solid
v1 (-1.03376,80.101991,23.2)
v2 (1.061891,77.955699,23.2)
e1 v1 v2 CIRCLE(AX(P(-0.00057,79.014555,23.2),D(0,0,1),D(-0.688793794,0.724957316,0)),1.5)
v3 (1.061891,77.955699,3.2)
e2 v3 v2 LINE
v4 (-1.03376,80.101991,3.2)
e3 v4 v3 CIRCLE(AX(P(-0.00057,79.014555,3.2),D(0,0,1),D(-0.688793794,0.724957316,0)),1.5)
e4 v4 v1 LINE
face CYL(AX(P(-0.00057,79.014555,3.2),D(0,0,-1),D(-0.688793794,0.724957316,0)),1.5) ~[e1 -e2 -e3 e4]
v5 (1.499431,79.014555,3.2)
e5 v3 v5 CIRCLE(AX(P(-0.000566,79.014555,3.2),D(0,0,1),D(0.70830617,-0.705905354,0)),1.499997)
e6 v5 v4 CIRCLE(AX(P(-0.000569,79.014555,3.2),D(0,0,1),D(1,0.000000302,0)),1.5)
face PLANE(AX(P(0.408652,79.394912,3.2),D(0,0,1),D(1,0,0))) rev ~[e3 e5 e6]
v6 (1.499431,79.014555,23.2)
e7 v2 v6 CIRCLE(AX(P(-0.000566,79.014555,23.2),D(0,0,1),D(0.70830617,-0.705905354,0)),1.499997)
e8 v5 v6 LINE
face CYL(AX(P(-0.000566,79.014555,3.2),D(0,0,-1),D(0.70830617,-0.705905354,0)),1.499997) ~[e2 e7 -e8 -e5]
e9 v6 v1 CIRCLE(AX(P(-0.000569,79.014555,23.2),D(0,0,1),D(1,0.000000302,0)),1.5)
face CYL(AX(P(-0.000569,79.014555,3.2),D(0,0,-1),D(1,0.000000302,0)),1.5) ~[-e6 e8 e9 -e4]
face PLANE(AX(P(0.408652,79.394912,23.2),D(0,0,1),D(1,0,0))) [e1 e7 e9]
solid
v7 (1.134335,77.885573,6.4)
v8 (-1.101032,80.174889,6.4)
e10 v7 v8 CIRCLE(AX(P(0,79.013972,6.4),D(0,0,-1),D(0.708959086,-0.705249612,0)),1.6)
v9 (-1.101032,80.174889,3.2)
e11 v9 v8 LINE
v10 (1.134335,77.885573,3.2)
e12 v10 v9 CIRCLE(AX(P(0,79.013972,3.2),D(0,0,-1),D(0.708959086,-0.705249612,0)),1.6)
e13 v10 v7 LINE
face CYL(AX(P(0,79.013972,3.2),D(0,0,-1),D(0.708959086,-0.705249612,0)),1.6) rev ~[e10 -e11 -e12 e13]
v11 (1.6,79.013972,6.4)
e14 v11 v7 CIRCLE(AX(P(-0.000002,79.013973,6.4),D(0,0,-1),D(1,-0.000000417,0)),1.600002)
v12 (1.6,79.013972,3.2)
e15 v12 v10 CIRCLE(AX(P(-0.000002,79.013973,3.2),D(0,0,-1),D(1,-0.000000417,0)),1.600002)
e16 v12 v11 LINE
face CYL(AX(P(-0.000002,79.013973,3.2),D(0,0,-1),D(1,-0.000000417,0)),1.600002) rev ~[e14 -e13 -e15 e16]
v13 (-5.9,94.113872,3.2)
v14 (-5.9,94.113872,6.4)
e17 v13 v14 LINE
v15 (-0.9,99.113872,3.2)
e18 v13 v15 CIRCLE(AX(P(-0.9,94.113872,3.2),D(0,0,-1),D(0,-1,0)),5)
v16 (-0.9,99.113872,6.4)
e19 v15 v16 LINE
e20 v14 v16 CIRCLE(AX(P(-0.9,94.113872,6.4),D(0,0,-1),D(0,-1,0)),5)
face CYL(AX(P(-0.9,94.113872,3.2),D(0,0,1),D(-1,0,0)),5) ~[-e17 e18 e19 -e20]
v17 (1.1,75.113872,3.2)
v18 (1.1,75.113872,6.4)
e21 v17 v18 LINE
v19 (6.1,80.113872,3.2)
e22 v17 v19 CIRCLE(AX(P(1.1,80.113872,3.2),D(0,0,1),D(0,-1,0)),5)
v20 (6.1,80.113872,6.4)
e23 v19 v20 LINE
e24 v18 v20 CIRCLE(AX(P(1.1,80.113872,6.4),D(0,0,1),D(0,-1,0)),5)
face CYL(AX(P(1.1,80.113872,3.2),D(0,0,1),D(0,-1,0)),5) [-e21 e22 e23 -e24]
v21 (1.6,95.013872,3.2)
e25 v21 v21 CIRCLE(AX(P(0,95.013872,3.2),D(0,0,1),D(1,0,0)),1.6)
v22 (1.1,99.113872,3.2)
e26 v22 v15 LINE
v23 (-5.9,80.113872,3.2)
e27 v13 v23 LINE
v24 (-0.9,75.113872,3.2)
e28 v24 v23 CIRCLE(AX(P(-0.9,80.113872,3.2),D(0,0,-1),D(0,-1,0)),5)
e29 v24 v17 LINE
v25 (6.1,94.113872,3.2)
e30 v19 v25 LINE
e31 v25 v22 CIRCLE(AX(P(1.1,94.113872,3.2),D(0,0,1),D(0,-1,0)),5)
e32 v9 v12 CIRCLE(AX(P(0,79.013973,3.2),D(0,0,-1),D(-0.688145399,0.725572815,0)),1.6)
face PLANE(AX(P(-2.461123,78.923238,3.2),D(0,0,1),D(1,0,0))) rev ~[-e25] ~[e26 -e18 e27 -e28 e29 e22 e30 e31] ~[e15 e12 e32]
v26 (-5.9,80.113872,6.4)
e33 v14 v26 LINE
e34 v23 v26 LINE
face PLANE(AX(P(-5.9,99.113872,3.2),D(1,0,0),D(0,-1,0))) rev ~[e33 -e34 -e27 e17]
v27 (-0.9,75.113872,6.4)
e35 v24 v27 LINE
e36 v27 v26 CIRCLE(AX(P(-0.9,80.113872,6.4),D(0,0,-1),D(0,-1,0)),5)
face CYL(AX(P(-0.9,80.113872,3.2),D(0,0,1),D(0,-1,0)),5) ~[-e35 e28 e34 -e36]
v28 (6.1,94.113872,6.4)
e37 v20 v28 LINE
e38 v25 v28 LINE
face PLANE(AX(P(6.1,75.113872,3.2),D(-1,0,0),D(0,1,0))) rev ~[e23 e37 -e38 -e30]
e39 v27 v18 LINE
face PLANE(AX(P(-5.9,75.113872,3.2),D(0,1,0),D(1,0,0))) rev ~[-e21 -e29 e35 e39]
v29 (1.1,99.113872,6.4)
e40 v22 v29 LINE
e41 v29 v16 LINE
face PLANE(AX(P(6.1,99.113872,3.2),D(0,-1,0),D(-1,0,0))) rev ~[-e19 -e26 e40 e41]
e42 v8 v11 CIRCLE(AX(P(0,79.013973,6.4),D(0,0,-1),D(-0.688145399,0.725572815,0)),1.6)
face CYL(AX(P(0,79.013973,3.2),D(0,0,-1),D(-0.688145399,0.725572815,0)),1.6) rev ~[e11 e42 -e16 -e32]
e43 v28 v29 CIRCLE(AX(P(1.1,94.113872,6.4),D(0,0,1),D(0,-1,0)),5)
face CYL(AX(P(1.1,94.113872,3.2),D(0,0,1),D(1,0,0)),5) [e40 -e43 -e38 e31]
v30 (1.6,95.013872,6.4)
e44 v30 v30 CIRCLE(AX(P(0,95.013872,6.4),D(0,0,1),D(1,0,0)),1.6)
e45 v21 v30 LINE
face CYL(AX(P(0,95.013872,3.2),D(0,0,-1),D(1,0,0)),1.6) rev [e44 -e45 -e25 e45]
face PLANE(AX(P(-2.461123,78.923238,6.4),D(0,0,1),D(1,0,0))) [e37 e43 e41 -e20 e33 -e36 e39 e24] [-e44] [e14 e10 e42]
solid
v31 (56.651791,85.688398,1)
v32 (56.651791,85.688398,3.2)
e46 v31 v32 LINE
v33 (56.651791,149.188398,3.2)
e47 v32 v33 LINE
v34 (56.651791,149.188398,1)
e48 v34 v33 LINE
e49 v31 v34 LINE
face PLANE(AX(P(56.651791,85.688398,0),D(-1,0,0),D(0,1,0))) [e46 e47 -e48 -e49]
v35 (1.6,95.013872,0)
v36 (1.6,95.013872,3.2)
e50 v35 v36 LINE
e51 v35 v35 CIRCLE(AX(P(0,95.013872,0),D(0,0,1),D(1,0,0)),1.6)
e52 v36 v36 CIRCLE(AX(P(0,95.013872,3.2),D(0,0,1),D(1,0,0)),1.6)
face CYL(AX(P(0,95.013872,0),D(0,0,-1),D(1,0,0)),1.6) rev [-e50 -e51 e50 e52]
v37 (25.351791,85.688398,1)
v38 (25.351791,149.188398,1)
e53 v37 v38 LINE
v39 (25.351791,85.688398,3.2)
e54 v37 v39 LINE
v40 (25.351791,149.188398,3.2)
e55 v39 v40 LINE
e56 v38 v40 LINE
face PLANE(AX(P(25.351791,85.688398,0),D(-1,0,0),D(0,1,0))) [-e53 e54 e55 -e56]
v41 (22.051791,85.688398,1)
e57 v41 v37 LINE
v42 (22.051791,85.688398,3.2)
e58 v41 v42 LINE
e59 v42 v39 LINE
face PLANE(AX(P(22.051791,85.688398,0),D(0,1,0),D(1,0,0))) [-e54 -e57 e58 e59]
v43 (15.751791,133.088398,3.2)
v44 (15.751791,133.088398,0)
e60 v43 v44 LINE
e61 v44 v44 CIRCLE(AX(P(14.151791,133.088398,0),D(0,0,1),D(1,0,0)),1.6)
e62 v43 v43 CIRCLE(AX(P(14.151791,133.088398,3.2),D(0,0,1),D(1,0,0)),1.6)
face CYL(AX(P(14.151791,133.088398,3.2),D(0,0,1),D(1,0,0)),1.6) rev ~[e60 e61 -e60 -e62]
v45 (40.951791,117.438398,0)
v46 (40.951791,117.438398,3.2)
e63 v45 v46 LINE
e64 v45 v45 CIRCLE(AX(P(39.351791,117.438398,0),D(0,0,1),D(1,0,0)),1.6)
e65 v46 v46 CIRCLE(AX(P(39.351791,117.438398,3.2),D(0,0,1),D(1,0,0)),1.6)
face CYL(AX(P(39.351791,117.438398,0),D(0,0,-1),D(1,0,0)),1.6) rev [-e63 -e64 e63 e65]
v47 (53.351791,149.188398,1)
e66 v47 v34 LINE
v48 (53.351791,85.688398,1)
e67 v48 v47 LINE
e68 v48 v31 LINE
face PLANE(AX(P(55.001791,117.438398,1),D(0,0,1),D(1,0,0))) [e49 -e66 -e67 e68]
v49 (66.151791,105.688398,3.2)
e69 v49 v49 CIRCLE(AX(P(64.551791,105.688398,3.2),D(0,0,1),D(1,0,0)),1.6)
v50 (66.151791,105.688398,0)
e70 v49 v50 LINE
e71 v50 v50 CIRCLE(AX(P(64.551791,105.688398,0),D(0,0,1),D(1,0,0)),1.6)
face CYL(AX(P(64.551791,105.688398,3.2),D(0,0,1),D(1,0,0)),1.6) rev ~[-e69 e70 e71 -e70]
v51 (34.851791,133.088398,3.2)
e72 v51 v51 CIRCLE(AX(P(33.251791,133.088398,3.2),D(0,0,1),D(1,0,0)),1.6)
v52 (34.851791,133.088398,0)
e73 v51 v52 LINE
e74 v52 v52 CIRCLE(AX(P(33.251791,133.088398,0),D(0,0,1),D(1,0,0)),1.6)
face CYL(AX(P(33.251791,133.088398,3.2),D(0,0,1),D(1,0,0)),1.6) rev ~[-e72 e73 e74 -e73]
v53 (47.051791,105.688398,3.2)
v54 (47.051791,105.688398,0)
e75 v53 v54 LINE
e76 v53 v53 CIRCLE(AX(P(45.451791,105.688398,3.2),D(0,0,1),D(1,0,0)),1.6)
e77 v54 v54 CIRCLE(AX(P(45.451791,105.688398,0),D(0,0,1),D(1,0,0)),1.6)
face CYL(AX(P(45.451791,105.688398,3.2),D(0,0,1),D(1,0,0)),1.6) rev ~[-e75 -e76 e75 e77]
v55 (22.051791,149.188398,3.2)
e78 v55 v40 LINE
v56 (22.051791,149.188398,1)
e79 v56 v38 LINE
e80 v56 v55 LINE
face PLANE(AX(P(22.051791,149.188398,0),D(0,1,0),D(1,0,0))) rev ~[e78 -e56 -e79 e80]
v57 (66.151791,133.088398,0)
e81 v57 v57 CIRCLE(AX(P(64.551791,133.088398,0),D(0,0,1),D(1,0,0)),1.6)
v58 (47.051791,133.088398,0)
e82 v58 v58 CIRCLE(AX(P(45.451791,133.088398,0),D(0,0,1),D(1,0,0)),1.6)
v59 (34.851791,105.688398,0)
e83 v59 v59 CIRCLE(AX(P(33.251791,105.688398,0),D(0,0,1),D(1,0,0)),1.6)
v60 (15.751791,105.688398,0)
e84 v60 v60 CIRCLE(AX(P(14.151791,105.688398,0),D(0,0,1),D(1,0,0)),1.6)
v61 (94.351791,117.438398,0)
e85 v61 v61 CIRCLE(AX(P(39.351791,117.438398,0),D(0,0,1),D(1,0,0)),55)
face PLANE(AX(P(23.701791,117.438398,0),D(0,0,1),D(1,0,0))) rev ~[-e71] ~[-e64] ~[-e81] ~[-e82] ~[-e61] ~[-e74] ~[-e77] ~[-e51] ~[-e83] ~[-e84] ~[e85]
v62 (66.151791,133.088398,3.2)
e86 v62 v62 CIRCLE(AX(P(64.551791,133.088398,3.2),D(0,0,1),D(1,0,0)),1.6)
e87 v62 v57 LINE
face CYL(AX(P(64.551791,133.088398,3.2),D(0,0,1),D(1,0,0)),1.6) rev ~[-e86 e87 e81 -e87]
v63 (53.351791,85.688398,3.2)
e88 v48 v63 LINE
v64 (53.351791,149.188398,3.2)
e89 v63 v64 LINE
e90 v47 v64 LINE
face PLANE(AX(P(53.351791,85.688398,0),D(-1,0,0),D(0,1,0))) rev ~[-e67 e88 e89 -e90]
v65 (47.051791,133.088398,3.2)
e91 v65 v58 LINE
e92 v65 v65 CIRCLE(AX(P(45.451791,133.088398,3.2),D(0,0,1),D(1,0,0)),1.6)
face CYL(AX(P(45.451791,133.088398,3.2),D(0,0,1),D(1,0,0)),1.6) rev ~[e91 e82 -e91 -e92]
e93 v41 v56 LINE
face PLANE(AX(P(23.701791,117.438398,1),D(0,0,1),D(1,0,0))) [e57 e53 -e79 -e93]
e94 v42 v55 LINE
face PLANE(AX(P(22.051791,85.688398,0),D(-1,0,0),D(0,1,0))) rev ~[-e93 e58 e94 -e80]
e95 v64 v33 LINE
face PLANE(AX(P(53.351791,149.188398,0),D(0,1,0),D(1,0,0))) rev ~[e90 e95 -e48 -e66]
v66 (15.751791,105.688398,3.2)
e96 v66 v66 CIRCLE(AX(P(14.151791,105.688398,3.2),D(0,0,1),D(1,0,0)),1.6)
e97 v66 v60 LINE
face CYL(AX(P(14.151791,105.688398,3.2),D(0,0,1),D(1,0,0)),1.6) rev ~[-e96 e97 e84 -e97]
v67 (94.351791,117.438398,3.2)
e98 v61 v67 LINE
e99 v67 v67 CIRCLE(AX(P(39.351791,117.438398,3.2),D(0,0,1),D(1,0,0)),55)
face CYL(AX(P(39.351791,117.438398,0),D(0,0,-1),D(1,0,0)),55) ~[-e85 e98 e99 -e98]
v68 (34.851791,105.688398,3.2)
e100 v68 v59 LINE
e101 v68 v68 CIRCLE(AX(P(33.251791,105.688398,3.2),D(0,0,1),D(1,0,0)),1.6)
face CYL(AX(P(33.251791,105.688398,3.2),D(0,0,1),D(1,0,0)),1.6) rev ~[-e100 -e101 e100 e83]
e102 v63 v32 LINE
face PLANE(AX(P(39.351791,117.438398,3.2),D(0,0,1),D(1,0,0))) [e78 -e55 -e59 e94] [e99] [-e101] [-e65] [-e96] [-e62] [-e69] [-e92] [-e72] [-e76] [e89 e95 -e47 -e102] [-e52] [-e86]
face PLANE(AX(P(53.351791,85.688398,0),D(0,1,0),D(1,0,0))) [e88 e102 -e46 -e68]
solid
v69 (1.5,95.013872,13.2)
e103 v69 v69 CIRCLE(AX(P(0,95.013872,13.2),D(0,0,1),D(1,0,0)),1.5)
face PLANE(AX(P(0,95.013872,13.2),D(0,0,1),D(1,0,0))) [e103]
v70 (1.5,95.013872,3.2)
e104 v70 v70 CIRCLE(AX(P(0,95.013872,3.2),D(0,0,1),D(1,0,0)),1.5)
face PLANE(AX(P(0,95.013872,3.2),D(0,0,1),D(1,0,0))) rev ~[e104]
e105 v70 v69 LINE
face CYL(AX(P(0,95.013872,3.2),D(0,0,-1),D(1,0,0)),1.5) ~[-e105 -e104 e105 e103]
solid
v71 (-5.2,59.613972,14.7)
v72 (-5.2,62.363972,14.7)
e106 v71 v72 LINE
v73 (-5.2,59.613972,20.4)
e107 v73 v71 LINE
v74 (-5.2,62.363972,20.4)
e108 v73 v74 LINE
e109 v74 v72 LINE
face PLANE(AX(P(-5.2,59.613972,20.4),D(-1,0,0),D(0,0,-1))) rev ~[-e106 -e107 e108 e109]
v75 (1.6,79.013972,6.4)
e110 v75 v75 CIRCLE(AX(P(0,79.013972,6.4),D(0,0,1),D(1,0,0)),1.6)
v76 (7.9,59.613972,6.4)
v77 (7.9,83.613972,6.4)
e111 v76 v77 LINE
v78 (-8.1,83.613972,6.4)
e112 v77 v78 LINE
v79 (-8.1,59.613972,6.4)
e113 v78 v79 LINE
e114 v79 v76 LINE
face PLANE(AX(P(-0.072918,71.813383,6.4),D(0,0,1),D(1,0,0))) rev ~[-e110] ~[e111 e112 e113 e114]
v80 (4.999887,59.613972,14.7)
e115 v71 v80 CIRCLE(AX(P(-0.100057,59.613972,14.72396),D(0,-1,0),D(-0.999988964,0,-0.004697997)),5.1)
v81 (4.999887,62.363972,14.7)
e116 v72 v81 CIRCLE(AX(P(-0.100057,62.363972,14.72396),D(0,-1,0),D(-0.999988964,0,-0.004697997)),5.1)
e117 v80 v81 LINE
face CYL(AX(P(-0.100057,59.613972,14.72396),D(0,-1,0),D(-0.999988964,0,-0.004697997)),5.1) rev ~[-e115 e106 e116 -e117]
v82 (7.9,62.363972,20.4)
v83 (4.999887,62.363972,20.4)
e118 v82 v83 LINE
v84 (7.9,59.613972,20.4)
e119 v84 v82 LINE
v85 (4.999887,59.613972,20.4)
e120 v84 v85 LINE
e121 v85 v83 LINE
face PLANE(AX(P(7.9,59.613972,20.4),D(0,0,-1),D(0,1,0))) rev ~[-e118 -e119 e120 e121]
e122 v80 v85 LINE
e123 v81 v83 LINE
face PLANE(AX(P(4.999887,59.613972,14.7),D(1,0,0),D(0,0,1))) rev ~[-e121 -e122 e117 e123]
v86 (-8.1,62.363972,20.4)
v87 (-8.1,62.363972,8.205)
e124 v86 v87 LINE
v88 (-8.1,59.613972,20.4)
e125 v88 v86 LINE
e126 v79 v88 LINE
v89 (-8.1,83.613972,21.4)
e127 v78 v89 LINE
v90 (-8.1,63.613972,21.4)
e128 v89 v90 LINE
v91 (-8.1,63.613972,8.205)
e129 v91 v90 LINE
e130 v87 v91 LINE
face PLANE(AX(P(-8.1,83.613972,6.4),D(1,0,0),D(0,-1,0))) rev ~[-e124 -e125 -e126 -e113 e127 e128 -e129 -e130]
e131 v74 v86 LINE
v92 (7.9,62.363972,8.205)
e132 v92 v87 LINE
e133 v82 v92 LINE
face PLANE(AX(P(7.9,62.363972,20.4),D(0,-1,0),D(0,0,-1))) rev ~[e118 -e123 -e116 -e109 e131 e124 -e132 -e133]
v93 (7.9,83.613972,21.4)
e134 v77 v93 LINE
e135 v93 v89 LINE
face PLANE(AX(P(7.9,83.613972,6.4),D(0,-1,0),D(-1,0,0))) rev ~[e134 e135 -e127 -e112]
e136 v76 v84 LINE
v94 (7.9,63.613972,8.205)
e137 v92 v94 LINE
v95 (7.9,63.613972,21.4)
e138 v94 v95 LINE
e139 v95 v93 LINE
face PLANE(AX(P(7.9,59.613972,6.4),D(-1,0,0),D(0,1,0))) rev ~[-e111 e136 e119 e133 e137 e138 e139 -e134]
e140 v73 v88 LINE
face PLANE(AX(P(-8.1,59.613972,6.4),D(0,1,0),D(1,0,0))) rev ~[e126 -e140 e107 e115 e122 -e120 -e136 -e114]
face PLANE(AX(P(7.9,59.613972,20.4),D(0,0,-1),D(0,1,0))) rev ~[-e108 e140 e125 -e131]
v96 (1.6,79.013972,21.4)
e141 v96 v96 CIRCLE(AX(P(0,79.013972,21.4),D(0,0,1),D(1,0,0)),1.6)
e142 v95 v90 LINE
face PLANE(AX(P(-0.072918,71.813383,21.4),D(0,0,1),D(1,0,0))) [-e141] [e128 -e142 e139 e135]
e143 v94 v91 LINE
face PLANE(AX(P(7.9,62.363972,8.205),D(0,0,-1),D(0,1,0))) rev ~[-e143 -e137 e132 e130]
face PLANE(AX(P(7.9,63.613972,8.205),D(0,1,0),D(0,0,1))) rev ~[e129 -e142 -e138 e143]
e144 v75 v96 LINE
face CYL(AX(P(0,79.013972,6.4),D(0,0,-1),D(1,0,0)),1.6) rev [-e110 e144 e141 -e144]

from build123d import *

# Parameters (mm, degrees)
F0_R      = 55
F0_R_2    = 1.6
F0_W      = 3.3
F0_H      = 63.5
F1_DEPTH  = 3.2
F2_DEPTH  = 1
F3_R      = 1.5
F4_DEPTH  = 10
F5_R      = 1.6
F6_DEPTH  = 3.2
F7_R      = 5
F9_DEPTH  = 20
F10_R     = 1.6
F11_DEPTH = 15
F13_DEPTH = 25
F14_R     = 1.6
F15_DEPTH = 8
F17_DEPTH = 2.75


with BuildPart() as f1:
    # F0 (on Top) → F1 (new body)
    with BuildSketch(Plane.XY):
        with Locations((39.351791, 117.438398)):
            Circle(F0_R)
        with Locations((0, 95.013872)):
            Circle(F0_R_2, mode=Mode.SUBTRACT)
        with Locations((23.701791, 117.438398)):
            Rectangle(F0_W, F0_H, mode=Mode.SUBTRACT)
        with Locations((39.351791, 117.438398)):
            Circle(F0_R_2, mode=Mode.SUBTRACT)
        with Locations((55.001791, 117.438398)):
            Rectangle(F0_W, F0_H, mode=Mode.SUBTRACT)
    extrude(amount=F1_DEPTH)

    # F0 (on Top) → F2 (join)
    with BuildSketch(Plane.XY):
        with Locations((23.701791, 117.438398)):
            Rectangle(F0_W, F0_H)
        with Locations((55.001791, 117.438398)):
            Rectangle(F0_W, F0_H)
    extrude(amount=F2_DEPTH)

    # F14 (on face) → F15 (cut)
    with BuildSketch(Plane.XY.offset(3.2)):
        with Locations((64.551791, 105.688398)):
            Circle(F14_R)
        with Locations((64.551791, 133.088398)):
            Circle(F14_R)
        with Locations((45.451791, 133.088398)):
            Circle(F14_R)
        with Locations((45.451791, 105.688398)):
            Circle(F14_R)
        with Locations((33.251791, 105.688398)):
            Circle(F14_R)
        with Locations((33.251791, 133.088398)):
            Circle(F14_R)
        with Locations((14.151791, 133.088398)):
            Circle(F14_R)
        with Locations((14.151791, 105.688398)):
            Circle(F14_R)
    extrude(amount=-F15_DEPTH, mode=Mode.SUBTRACT)


with BuildPart() as f4:
    # F3 (on face) → F4 (new body)
    with BuildSketch(Plane.XY.offset(3.2)):
        with Locations((0, 95.013872)):
            Circle(F3_R)
    extrude(amount=F4_DEPTH)


with BuildPart() as f6:
    # F5 (on face) → F6 (new body)
    with BuildSketch(Plane.XY.offset(3.2)):
        with BuildLine():
            ThreePointArc((-1.101032, 80.174889), (-3.605473, 83.092024), (-5.9, 86.176994))
            Line((-5.9, 86.176994), (-5.9, 75.113872))
            Line((-5.9, 75.113872), (4.228658, 75.113872))
            ThreePointArc((4.228658, 75.113872), (2.655319, 76.470497), (1.134335, 77.885573))
            ThreePointArc((1.134335, 77.885573), (-1.144779, 77.896171), (-1.101032, 80.174889))
        make_face()
        with BuildLine():
            Line((6.1, 99.113872), (-5.9, 99.113872))
            Line((-5.9, 99.113872), (-5.9, 86.176994))
            ThreePointArc((-5.9, 86.176994), (-3.605473, 83.092024), (-1.101032, 80.174889))
            ThreePointArc((-1.101032, 80.174889), (0.631803, 80.483947), (1.6, 79.013972))
            ThreePointArc((1.6, 79.013972), (1.479009, 78.403618), (1.134335, 77.885573))
            ThreePointArc((1.134335, 77.885573), (2.655319, 76.470497), (4.228658, 75.113872))
            Line((4.228658, 75.113872), (6.1, 75.113872))
            Line((6.1, 75.113872), (6.1, 99.113872))
        make_face()
        with Locations((0, 95.013872)):
            Circle(F5_R, mode=Mode.SUBTRACT)
    extrude(amount=F6_DEPTH)

    # F7
    f7_edges = [f6.edges().sort_by_distance(p)[0] for p in [
        (-5.9, 99.113872, 4.8),
        (6.1, 99.113872, 4.8),
        (6.1, 75.113872, 4.8),
        (-5.9, 75.113872, 4.8),
    ]]
    fillet(f7_edges, radius=F7_R)


with BuildPart() as f9:
    # F8 (on face) → F9 (new body)
    with BuildSketch(Plane.XY.offset(3.2)):
        with BuildLine():
            ThreePointArc((1.061891, 77.955699), (1.385737, 78.441707), (1.499431, 79.014555))
            ThreePointArc((1.499431, 79.014555), (0.591129, 80.392921), (-1.03376, 80.101991))
            ThreePointArc((-1.03376, 80.101991), (-0.000569, 79.014555), (1.061891, 77.955699))
        make_face()
        with BuildLine():
            ThreePointArc((1.061891, 77.955699), (-0.000569, 79.014555), (-1.03376, 80.101991))
            ThreePointArc((-1.03376, 80.101991), (-1.073815, 77.966632), (1.061891, 77.955699))
        make_face()
    extrude(amount=F9_DEPTH)


with BuildPart() as f11:
    # F10 (on face) → F11 (new body)
    with BuildSketch(Plane.XY.offset(6.4)):
        with BuildLine():
            Line((-5.9, 83.613972), (-8.1, 83.613972))
            Line((-8.1, 83.613972), (-8.1, 59.613972))
            Line((-8.1, 59.613972), (7.9, 59.613972))
            Line((7.9, 59.613972), (7.9, 83.613972))
            Line((7.9, 83.613972), (6.1, 83.613972))
            Line((6.1, 83.613972), (6.1, 80.113872))
            ThreePointArc((6.1, 80.113872), (4.635534, 76.578338), (1.1, 75.113872))
            Line((1.1, 75.113872), (-0.9, 75.113872))
            ThreePointArc((-0.9, 75.113872), (-4.435534, 76.578338), (-5.9, 80.113872))
            Line((-5.9, 80.113872), (-5.9, 83.613972))
        make_face()
        with BuildLine():
            Line((6.1, 83.613972), (-5.9, 83.613972))
            Line((-5.9, 83.613972), (-5.9, 80.113872))
            ThreePointArc((-5.9, 80.113872), (-4.435534, 76.578338), (-0.9, 75.113872))
            Line((-0.9, 75.113872), (1.1, 75.113872))
            ThreePointArc((1.1, 75.113872), (4.635534, 76.578338), (6.1, 80.113872))
            Line((6.1, 80.113872), (6.1, 83.613972))
        make_face()
        with Locations((0, 79.013972)):
            Circle(F10_R, mode=Mode.SUBTRACT)
    extrude(amount=F11_DEPTH)

    # F12 (on face) → F13 (cut)
    with BuildSketch(Plane.YZ.offset(7.9)):
        Polygon((63.613972, 21.4), (59.613972, 21.4), (59.613972, 20.4), (62.363972, 20.4), (62.363972, 8.205), (63.613972, 8.205), align=None)
    extrude(amount=-F13_DEPTH, mode=Mode.SUBTRACT)

    # F16 (on face) → F17 (cut)
    with BuildSketch(Plane.XZ.offset(-59.613972)):
        with BuildLine():
            Line((-5.2, 20.4), (-5.2, 14.7))
            ThreePointArc((-5.2, 14.7), (-0.100056, 9.62396), (4.999887, 14.7))
            Line((4.999887, 14.7), (4.999887, 20.4))
            Line((4.999887, 20.4), (-5.2, 20.4))
        make_face()
    extrude(amount=-F17_DEPTH, mode=Mode.SUBTRACT)


solid = Compound([f1.part, f4.part, f6.part, f9.part, f11.part])
